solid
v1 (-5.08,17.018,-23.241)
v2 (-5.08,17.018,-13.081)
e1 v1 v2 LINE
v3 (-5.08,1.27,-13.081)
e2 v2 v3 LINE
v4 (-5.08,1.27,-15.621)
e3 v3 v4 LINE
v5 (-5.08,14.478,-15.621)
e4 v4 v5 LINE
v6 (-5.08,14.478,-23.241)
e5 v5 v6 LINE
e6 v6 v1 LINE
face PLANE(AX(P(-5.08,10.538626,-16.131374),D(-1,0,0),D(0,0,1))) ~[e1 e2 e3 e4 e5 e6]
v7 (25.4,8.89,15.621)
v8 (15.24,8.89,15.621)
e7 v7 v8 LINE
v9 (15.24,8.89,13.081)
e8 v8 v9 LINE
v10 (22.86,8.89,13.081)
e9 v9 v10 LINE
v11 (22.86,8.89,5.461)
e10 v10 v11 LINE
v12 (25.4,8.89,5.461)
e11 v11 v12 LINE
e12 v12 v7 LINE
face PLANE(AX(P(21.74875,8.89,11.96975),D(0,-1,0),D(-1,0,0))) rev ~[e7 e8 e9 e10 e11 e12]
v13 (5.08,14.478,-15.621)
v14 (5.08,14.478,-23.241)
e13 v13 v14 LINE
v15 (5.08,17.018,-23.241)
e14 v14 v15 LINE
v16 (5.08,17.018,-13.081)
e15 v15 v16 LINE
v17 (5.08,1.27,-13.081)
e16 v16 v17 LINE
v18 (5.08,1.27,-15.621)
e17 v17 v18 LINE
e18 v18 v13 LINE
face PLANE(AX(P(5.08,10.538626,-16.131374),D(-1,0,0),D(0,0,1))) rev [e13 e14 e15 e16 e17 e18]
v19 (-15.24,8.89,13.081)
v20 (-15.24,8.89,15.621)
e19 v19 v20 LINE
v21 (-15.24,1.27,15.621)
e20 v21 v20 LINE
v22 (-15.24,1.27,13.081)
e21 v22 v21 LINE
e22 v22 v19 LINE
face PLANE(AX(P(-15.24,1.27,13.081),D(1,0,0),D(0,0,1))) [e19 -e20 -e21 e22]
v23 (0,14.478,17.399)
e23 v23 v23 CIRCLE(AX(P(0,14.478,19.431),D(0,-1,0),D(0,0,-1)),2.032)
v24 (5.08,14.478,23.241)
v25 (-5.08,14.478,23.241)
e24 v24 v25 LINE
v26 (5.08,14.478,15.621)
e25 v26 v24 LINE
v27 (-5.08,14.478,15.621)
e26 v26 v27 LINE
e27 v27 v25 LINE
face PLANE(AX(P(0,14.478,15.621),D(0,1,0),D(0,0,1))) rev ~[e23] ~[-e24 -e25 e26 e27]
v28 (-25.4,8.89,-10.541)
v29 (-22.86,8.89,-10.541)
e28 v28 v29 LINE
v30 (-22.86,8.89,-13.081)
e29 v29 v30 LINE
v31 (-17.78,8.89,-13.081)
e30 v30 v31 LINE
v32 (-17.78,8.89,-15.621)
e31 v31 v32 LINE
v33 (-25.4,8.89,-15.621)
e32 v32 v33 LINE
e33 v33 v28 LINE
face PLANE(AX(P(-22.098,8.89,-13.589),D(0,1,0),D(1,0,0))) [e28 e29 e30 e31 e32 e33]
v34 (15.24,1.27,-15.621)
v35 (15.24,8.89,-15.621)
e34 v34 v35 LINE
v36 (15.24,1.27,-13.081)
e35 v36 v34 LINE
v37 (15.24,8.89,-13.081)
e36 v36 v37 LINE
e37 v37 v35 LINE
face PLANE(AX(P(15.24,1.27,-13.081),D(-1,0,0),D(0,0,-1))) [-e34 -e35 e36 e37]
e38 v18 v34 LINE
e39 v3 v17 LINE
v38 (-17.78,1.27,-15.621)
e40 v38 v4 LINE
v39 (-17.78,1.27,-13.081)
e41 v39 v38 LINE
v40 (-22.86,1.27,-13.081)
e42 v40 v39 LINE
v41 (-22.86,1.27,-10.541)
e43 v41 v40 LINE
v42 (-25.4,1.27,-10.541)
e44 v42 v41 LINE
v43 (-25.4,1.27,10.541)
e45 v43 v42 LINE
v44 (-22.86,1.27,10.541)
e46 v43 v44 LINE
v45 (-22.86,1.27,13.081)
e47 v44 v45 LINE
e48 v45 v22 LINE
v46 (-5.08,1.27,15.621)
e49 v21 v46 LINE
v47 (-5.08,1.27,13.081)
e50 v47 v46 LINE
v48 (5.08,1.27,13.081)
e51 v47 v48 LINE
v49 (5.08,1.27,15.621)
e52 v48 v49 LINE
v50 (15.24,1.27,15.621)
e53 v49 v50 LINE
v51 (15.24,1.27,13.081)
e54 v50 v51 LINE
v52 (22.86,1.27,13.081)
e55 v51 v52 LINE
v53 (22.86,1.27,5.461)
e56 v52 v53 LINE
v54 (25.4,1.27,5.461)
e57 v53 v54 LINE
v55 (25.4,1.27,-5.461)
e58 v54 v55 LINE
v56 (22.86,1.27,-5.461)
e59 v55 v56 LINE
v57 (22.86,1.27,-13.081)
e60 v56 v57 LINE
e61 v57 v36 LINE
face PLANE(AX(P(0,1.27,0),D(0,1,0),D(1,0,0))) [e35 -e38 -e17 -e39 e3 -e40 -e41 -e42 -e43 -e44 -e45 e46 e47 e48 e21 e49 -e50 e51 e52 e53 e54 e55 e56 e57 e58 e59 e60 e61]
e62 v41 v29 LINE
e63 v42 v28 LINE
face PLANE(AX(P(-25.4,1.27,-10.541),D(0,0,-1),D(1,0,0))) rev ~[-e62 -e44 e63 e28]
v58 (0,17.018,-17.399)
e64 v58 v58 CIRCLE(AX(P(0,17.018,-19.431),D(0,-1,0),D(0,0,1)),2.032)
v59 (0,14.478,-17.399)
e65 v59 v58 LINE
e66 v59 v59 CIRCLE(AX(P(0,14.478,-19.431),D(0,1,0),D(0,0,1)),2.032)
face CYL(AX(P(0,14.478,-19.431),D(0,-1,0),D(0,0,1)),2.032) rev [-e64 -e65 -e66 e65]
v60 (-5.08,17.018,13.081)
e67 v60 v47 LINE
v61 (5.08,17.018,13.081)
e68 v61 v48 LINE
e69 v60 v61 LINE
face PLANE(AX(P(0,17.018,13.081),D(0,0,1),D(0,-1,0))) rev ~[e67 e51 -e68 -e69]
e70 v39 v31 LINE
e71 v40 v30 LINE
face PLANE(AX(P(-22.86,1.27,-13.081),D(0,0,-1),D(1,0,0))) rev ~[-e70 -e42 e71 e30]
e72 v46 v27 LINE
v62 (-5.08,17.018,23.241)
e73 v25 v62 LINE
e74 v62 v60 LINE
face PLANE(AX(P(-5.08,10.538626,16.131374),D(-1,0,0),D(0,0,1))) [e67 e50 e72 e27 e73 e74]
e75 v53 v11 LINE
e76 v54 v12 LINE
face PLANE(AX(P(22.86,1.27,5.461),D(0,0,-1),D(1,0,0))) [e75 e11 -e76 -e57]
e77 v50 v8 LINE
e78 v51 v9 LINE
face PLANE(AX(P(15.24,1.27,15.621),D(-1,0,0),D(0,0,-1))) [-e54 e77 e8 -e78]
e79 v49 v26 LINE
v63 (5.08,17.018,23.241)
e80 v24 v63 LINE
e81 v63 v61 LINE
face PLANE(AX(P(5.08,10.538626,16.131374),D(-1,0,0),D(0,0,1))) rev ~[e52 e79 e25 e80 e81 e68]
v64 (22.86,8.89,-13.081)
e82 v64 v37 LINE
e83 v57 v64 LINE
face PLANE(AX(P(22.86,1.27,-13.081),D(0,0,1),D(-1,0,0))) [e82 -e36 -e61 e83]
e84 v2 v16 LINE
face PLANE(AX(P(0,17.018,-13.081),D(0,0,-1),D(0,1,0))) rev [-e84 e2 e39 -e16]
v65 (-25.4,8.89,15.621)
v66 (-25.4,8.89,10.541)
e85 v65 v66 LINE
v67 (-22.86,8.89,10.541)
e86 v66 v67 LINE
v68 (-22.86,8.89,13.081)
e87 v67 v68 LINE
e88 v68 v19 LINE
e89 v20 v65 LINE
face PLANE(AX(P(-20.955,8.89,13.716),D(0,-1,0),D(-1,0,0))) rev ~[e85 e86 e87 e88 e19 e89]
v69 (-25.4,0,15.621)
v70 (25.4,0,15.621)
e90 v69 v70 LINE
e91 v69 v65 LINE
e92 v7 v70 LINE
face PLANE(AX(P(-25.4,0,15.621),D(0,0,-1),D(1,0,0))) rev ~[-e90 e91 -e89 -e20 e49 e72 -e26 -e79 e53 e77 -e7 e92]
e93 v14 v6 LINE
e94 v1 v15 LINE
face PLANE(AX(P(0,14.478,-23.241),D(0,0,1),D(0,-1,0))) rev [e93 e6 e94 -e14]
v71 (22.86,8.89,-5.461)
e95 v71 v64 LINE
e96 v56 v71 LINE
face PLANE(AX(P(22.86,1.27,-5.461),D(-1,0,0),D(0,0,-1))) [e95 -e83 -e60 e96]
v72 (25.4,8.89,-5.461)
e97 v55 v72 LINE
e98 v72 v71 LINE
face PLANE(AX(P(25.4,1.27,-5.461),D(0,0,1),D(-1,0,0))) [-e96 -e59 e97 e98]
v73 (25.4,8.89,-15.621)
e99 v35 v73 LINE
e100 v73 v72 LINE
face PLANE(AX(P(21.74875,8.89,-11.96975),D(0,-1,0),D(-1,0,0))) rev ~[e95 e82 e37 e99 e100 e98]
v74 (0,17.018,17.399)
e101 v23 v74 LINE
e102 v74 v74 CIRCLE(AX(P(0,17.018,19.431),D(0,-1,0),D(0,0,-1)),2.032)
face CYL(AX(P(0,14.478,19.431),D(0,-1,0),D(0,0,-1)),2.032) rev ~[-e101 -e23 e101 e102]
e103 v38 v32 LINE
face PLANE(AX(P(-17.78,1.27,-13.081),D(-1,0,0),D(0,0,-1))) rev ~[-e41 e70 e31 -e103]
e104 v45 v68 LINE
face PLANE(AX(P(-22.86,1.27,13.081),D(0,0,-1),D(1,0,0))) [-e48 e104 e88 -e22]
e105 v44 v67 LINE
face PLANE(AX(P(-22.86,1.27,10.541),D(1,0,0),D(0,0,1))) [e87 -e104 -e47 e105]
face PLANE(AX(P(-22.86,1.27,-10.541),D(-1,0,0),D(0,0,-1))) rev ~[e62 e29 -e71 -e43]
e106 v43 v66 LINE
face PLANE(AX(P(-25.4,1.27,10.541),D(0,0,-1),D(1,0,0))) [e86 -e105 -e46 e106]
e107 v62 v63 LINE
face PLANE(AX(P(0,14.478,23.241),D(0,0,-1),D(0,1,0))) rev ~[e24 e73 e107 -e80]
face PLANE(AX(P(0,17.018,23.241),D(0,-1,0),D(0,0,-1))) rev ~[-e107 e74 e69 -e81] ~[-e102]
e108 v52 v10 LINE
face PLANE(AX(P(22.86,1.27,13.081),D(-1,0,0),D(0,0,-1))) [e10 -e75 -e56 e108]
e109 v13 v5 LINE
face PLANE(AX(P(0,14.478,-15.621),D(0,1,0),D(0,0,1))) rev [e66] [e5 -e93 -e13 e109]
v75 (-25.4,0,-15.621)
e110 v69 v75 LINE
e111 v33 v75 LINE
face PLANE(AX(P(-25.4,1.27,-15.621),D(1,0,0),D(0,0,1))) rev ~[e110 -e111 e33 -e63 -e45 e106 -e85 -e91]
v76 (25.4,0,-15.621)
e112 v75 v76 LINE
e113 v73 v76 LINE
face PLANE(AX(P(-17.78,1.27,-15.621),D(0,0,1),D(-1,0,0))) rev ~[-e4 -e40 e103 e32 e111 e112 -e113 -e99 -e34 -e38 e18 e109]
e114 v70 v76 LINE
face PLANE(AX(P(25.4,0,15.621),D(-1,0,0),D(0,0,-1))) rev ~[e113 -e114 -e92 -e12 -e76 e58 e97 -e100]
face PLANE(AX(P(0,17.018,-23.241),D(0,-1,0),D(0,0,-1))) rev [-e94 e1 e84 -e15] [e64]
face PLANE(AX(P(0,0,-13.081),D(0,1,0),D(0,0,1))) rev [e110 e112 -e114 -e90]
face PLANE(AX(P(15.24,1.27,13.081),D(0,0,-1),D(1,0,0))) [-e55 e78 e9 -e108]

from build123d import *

# Parameters (mm, degrees)
SKETCH1_W           = 50.8
SKETCH1_H           = 31.242
BOSS_EXTRUDE1_DEPTH = 1.27
BOSS_EXTRUDE2_DEPTH = 7.62
BOSS_EXTRUDE3_DEPTH = 5.08
SKETCH4_R           = 2.032
CUT_EXTRUDE1_DEPTH  = 7.62


with BuildPart() as part:
    # Sketch1 → Boss-Extrude1 (new body)
    with BuildSketch(Plane(origin=(0, 0, 0), x_dir=(1, 0, 0), z_dir=(0, 1, 0))):
        Rectangle(SKETCH1_W, SKETCH1_H)
    extrude(amount=BOSS_EXTRUDE1_DEPTH)

    # Sketch2 → Boss-Extrude2 (add)
    with BuildSketch(Plane(origin=(0, 1.27, 0), x_dir=(1, 0, 0), z_dir=(0, 1, 0))):
        Polygon((-25.4, 10.541), (-22.86, 10.541), (-22.86, 13.081), (-17.78, 13.081), (-17.78, 15.621), (-25.4, 15.621), align=None)
        Polygon((-25.4, -10.541), (-22.86, -10.541), (-22.86, -13.081), (-15.24, -13.081), (-15.24, -15.621), (-25.4, -15.621), align=None)
        Polygon((15.24, 15.621), (25.4, 15.621), (25.4, 5.461), (22.86, 5.461), (22.86, 13.081), (15.24, 13.081), align=None)
        Polygon((25.4, -5.461), (25.4, -15.621), (15.24, -15.621), (15.24, -13.081), (22.86, -13.081), (22.86, -5.461), align=None)
    extrude(amount=BOSS_EXTRUDE2_DEPTH)

    # Sketch3 → Boss-Extrude3 (add, symmetric)
    with BuildSketch(Plane(origin=(0, 0, 0), x_dir=(0, 0, -1), z_dir=(1, 0, 0))):
        Polygon((-13.081, 0), (-15.621, 0), (-15.621, 14.478), (-23.241, 14.478), (-23.241, 17.018), (-13.081, 17.018), align=None)
    boss_extrude3 = extrude(amount=BOSS_EXTRUDE3_DEPTH, both=True)

    # Sketch4 → Cut-Extrude1 (cut)
    with BuildSketch(Plane.XZ.offset(-14.478)):
        with Locations(Location((0, 19.431, 0), (0, 0, 270))):
            Circle(SKETCH4_R)
    cut_extrude1 = extrude(amount=-CUT_EXTRUDE1_DEPTH, mode=Mode.SUBTRACT)

    # Mirror2: Boss-Extrude3 across plane
    add(boss_extrude3.mirror(Plane.XY))

    # Mirror1: Cut-Extrude1 across plane
    add(cut_extrude1.mirror(Plane.XY), mode=Mode.SUBTRACT)


solid = part.part
